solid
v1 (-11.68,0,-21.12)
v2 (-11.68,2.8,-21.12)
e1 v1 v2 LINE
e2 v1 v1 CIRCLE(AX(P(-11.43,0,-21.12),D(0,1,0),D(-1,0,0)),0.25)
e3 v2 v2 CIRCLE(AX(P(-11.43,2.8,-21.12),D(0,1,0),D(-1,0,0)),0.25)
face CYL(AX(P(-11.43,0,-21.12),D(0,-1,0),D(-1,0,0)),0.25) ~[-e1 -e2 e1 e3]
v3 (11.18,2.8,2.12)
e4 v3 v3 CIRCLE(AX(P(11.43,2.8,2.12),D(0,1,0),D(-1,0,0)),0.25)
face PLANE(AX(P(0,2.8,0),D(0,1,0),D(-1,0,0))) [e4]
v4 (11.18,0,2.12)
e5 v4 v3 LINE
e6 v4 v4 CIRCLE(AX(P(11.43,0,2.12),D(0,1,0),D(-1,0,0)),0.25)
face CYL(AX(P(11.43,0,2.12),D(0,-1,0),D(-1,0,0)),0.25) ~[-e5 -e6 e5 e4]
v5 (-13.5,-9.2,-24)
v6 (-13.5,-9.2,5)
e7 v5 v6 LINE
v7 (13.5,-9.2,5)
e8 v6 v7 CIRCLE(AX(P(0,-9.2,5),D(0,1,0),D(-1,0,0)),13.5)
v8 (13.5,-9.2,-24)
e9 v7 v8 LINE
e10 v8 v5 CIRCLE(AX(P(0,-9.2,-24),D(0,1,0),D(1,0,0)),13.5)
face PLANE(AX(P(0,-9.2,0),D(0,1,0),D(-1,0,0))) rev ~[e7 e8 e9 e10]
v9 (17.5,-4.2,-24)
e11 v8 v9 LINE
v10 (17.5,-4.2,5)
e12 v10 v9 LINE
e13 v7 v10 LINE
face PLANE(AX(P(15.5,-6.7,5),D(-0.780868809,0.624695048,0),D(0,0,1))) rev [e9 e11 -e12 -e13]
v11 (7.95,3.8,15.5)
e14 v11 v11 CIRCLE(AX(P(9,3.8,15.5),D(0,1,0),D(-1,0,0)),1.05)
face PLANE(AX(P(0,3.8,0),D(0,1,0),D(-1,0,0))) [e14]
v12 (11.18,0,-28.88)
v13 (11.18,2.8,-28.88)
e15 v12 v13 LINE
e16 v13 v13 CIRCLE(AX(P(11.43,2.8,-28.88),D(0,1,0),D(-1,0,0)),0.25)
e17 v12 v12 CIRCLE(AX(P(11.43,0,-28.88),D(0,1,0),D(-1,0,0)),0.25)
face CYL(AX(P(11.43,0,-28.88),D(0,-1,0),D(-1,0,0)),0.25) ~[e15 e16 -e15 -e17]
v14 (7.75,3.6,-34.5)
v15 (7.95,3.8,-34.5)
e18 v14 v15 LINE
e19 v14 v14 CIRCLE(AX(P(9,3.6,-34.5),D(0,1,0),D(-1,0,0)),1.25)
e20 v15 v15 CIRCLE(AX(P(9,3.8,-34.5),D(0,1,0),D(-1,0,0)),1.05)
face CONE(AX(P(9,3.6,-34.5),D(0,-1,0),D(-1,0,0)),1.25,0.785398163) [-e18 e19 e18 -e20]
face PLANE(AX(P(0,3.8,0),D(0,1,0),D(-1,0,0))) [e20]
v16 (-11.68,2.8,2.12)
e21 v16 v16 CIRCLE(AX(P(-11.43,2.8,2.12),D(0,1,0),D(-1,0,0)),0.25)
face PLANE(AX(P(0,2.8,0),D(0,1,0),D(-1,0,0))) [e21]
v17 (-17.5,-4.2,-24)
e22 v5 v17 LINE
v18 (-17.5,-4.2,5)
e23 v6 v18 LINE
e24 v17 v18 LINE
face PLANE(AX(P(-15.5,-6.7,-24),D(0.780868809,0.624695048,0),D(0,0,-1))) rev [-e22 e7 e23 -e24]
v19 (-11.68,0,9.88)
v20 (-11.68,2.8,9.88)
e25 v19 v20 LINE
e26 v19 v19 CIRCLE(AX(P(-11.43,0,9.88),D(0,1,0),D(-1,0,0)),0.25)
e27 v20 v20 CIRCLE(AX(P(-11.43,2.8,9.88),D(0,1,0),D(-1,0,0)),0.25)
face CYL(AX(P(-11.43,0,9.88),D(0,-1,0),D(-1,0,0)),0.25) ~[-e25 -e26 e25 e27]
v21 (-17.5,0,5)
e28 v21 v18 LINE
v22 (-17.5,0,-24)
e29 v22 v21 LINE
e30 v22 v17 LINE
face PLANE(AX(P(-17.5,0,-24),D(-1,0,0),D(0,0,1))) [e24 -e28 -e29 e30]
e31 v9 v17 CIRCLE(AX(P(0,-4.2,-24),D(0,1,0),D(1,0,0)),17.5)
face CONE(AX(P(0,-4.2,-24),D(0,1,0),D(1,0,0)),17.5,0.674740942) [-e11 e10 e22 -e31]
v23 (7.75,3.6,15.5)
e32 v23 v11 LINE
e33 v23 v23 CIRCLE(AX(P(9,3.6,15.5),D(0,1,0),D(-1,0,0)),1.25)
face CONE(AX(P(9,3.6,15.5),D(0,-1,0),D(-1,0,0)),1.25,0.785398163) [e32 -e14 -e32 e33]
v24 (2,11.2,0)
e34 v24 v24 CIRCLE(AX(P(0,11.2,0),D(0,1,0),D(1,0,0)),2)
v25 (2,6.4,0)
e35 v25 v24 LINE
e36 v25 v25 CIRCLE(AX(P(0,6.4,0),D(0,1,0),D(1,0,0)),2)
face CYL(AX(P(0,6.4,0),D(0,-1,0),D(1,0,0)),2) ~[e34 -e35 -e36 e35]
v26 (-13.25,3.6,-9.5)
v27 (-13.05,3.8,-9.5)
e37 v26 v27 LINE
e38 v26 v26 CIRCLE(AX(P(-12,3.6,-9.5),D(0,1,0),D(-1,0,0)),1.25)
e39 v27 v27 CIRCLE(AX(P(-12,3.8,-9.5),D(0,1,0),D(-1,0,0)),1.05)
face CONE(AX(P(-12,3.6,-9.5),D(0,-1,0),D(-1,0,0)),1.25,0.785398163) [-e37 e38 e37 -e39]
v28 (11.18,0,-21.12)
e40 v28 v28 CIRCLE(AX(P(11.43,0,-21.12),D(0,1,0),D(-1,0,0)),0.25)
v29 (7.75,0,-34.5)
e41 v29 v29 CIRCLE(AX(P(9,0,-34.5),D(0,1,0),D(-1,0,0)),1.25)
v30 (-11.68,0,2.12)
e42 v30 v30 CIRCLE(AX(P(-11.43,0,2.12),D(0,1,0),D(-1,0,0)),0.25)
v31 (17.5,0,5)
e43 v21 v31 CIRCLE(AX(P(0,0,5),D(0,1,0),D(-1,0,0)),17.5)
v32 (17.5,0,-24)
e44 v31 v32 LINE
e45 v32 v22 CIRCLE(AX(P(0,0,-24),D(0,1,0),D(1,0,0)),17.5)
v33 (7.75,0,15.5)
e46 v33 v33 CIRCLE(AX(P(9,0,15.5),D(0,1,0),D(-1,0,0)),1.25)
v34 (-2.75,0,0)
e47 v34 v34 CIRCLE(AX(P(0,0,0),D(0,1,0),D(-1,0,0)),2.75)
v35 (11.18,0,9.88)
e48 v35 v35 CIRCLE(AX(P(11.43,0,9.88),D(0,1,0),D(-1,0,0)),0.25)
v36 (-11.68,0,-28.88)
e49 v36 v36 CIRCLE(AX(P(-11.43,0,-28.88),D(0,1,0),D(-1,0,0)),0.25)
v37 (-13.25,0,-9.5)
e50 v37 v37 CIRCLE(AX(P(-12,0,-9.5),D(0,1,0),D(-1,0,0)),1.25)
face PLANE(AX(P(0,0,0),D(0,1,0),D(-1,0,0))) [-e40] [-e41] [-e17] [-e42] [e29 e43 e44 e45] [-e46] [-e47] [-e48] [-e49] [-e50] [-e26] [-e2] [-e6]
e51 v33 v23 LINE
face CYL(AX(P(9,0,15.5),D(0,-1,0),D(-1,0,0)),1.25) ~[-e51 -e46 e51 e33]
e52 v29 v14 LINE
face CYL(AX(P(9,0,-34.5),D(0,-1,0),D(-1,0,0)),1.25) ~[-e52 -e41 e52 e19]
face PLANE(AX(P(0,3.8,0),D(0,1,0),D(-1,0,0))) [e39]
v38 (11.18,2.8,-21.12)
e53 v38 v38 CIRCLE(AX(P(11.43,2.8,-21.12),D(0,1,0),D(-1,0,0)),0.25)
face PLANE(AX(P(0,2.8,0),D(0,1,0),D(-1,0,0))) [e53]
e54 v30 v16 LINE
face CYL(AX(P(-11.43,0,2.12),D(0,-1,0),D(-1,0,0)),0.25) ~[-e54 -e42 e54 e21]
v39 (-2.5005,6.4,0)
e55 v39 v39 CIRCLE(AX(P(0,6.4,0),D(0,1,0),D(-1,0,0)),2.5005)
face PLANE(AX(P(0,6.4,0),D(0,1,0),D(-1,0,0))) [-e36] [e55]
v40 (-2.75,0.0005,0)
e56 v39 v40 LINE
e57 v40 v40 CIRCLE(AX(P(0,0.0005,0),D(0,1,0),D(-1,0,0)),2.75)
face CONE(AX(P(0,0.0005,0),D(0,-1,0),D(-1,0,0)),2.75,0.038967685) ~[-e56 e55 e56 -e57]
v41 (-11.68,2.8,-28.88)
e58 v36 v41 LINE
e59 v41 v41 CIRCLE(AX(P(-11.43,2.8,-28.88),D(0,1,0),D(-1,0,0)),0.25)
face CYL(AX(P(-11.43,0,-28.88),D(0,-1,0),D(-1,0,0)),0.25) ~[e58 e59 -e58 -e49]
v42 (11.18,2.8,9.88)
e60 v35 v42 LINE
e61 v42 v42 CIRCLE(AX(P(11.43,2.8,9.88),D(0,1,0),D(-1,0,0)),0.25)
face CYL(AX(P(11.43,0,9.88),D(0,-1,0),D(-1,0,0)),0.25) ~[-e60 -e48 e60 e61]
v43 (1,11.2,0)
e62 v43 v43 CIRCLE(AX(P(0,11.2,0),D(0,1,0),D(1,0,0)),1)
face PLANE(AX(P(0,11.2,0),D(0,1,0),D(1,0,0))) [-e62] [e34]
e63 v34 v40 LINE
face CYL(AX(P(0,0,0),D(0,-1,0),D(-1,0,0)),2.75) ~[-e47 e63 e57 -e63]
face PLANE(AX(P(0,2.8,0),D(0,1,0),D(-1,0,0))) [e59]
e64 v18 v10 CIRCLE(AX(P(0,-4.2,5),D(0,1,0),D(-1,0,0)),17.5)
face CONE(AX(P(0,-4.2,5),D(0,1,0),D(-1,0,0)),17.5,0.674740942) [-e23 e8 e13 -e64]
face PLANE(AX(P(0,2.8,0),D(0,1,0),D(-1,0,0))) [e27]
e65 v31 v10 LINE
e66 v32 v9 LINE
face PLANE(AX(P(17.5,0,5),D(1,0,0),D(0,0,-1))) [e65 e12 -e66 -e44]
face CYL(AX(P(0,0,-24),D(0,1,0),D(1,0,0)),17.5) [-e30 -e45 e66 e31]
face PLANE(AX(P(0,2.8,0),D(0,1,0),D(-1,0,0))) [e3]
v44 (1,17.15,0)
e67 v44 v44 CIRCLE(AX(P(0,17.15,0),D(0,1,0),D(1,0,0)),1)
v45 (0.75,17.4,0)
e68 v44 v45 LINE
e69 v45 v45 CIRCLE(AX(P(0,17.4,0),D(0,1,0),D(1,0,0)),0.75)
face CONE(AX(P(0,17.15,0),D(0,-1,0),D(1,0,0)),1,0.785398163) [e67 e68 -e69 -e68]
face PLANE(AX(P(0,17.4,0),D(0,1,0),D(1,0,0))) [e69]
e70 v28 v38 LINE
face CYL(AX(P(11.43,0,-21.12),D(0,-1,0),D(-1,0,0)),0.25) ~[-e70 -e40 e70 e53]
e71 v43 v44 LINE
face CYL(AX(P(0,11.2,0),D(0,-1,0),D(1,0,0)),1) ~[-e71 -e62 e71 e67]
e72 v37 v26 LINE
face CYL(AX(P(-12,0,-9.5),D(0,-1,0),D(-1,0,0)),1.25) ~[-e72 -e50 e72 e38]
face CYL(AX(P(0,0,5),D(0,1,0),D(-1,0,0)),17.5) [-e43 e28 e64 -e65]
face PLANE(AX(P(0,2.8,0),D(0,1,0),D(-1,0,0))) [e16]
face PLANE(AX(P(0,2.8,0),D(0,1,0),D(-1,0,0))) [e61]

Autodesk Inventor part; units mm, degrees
ref_plane "YZ Plane" through (0, 0, 0) normal (1, 0, 0) x (0, 1, 0)
ref_plane "XZ Plane" through (0, 0, 0) normal (0, 1, 0) x (-1, 0, 0)
ref_plane "XY Plane" through (0, 0, 0) normal (0, 0, 1) x (1, 0, 0)
sketch "Sketch1" plane through (0, 0, 0) normal (0, 1, 0) x (-1, 0, 0)
  circle A0 centre (-11.43, -21.12) radius 0.25
  circle A1 centre (-11.43, -28.88) radius 0.25
  circle A2 centre (-9, -34.5) radius 1.25
  line L0 (11.43, -28.88) -> (-11.43, -28.88) construction
  circle A3 centre (11.43, -21.12) radius 0.25
  circle A4 centre (11.43, -28.88) radius 0.25
  arc A5 (-17.5, -24) -> (17.5, -24) centre (0, -24) ccw
  circle A6 centre (11.43, 2.12) radius 0.25
  circle A7 centre (-11.43, 9.88) radius 0.25
  circle A8 centre (11.43, 9.88) radius 0.25
  circle A9 centre (-9, 15.5) radius 1.25
  arc A10 (17.5, 5) -> (-17.5, 5) centre (0, 5) ccw
  circle A11 centre (-11.43, 2.12) radius 0.25
  circle A12 centre (12, -9.5) radius 1.25
  line L1 (17.5, -24) -> (17.5, 5)
  line L2 (11.43, -21.12) -> (11.43, 2.12) construction
  line L3 (0, -24) -> (0, 5) construction
  line L4 (-17.5, 5) -> (-17.5, -24)
  line L5 (-9, -34.5) -> (-9, 15.5) construction
  circle A13 centre (0, 0) radius 2.75
  point P0 (0, -41.5)
  point P1 (0, -28.88)
  point P2 (0, 22.5)
  point P3 (-9, -9.5)
  point P4 (11.43, -9.5)
  point P5 (0, -9.5)
  dimension "d0" = 17.5
  dimension "d2" = 5.5
  dimension "d3" = 64
  dimension "d4" = 2.5
  dimension "d5" = 12
  dimension "d6" = 50
  dimension "d7" = 9
  dimension "d8" = 22.86
  dimension "d9" = 7.76
  dimension "d10" = 7.76
  dimension "d11" = 23.24
  dimension "d12" = 0.5
  dimension "d13" = 9.5
extrude "Extrusion1" add sketch "Sketch1" against normal blind 9.2 contours A0 | A1 | A2 | A3 | A4 | L4 A10 L1 A5 | A6 | A7 | A8 | A9 | A11 | A12 | A13
chamfer "Chamfer1" distance 4 distance2 5 4 edges at (0, -9.2, 22.5) (-17.5, -9.2, -9.5) (0, -9.2, -41.5) (17.5, -9.2, -9.5) measured on face at (-5.8333, -9.2, -14.3333)
extrude "Extrusion2" add sketch "Sketch1" along normal blind 2.8 contours A0 | A1 | A3 | A4 | A6 | A7 | A8 | A11
extrude "Extrusion3" add sketch "Sketch1" along normal blind 3.8 contours A2 | A9 | A12
chamfer "Chamfer2" distance 0.2 angle 45 3 edges at (-10.75, 3.8, -9.5) (10.25, 3.8, 15.5) (10.25, 3.8, -34.5)
extrude "Extrusion4" add sketch "Sketch1" along normal blind 6.4 contours A13
chamfer "Chamfer3" distance 0.25 distance2 6.4 1 edges at (2.75, 6.4, 0) measured on face at (-0.9684, 6.4, -0.426)
sketch "Sketch3" plane through (0, 6.4, 0) normal (0, 1, 0) x (1, 0, 0)
  circle A0 centre (0, 0) radius 2
  dimension "d31" = 4
extrude "Extrusion5" add sketch "Sketch3" along normal blind 4.8
sketch "Sketch4" plane through (0, 11.2, 0) normal (0, 1, 0) x (1, 0, 0)
  circle A0 centre (0, 0) radius 1
  dimension "d34" = 2
extrude "Extrusion6" add sketch "Sketch4" along normal blind 6.2
chamfer "Chamfer4" distance 0.25 angle 45 1 edges at (-1, 17.4, 0)
equation "\"d10\" = d9"
properties part number "BKA" material "ABS Plastic"
